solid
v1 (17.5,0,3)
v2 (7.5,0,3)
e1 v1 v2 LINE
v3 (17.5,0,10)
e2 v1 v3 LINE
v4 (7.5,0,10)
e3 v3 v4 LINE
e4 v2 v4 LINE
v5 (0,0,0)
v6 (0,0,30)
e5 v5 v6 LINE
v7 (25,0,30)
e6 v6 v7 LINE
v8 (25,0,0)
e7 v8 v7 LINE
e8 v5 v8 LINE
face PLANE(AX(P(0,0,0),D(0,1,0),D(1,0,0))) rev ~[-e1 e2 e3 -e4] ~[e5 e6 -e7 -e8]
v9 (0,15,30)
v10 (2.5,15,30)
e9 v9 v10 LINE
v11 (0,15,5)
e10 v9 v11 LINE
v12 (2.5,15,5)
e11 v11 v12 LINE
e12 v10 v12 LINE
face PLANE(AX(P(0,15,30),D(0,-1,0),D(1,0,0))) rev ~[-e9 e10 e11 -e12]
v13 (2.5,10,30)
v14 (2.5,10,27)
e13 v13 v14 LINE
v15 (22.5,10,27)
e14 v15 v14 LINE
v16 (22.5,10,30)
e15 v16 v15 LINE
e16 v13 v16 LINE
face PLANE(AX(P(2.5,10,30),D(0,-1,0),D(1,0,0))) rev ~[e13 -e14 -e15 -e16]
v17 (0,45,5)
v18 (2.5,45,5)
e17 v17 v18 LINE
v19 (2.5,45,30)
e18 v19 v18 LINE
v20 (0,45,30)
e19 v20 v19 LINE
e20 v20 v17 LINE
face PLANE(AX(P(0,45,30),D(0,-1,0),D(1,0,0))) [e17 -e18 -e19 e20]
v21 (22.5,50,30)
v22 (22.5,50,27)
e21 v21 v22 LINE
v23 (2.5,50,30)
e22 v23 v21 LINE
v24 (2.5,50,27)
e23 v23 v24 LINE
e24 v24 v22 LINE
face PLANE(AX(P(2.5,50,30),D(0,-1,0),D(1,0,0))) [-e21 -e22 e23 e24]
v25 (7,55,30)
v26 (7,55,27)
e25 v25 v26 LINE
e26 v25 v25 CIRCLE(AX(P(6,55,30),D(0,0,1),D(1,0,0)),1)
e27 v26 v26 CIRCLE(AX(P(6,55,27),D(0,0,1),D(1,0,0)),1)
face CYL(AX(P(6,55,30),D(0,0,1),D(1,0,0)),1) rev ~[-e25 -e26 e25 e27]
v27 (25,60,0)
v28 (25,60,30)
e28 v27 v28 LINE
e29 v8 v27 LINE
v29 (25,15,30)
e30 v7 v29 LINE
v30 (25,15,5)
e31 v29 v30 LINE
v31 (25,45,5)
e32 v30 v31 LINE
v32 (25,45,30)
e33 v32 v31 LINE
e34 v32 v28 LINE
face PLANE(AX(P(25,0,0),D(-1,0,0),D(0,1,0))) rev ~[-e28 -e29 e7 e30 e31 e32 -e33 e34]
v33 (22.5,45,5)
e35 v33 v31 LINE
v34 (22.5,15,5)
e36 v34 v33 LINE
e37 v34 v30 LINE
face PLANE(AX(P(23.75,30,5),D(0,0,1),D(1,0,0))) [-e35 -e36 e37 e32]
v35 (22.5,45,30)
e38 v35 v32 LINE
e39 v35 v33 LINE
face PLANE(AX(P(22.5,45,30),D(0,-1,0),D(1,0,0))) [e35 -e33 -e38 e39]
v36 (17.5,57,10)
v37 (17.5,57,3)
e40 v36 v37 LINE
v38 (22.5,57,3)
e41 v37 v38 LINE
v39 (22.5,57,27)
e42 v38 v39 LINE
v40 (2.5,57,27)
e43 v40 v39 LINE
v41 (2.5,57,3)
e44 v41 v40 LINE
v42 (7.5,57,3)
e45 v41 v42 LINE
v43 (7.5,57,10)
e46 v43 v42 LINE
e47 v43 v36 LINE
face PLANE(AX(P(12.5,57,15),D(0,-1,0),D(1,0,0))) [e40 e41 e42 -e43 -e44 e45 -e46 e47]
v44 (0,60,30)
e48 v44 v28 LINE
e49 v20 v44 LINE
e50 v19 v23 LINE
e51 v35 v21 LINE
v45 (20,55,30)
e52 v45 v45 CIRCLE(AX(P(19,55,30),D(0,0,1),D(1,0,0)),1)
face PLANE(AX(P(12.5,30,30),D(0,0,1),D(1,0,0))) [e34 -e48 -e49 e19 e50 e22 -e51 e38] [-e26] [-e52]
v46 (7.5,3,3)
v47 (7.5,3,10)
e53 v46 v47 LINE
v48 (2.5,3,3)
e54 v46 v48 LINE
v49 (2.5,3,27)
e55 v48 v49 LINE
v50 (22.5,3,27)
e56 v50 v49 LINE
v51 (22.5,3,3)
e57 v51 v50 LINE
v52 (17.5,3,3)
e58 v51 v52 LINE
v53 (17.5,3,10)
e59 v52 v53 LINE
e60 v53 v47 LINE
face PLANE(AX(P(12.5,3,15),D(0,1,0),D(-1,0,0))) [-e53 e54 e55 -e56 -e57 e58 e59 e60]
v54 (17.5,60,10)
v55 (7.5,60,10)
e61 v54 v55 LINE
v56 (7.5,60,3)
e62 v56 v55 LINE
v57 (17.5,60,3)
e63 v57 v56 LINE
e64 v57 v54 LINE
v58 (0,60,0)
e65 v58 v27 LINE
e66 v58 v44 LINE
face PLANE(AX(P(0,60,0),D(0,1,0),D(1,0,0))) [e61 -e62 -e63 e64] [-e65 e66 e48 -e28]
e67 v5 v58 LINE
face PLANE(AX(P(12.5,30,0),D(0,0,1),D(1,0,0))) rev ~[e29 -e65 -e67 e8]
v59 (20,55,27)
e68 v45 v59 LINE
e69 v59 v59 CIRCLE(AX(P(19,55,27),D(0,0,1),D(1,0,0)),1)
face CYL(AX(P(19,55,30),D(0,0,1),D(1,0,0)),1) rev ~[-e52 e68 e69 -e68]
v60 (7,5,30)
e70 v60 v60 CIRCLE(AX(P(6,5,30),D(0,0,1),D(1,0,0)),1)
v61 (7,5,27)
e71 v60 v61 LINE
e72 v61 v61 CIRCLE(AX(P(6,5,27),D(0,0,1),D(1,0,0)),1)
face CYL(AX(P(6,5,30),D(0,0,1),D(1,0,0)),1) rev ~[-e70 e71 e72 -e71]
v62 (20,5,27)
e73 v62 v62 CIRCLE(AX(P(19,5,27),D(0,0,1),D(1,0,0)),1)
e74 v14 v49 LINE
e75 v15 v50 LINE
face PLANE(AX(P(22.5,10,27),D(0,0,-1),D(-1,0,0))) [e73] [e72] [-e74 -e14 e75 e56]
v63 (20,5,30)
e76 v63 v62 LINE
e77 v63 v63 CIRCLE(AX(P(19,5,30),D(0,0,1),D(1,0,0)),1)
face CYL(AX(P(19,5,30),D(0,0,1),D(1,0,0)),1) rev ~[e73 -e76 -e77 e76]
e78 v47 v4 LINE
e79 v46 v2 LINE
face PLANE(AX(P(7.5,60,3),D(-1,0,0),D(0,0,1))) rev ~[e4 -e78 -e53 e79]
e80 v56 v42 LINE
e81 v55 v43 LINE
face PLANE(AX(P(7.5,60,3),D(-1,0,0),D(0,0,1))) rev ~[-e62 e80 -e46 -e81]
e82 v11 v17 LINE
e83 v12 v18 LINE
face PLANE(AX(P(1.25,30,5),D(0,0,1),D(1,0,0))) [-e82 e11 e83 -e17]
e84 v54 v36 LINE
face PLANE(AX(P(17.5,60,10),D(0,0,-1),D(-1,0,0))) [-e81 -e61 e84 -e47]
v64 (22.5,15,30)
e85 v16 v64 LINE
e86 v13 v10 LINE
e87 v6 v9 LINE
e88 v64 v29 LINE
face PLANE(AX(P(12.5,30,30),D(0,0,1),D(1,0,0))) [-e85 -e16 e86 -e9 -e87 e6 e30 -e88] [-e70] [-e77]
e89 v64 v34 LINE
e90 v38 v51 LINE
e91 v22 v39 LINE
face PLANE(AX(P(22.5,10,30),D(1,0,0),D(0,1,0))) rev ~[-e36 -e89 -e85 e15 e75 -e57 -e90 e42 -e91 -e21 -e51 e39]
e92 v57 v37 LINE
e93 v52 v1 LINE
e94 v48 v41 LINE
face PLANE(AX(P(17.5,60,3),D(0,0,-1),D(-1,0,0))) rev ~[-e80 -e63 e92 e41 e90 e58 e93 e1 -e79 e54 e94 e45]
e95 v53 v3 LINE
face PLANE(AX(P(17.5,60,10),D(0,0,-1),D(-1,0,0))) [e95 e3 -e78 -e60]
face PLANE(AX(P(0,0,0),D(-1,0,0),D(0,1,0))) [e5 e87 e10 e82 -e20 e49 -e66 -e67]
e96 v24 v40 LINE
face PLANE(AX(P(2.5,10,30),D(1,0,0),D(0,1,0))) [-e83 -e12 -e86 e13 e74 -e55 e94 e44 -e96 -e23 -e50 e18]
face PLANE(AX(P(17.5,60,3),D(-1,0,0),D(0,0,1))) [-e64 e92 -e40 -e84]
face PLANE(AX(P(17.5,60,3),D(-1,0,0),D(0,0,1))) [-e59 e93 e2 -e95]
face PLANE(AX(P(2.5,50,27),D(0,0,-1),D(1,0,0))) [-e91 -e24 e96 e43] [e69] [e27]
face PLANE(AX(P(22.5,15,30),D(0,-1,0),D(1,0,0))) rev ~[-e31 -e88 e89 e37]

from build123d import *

# Parameters (mm, degrees)
SKETCH_W        = 25
SKETCH_H        = 60
PAD_DEPTH       = 30
SKETCH001_W     = 20
SKETCH001_H     = 40
POCKET_DEPTH    = 27
SKETCH002_W     = 2.5
SKETCH002_H     = 30
POCKET001_DEPTH = 25
SKETCH003_W     = 2.5
SKETCH003_H     = 30
POCKET002_DEPTH = 25
SKETCH004_W     = 20
SKETCH004_H     = 24
POCKET003_DEPTH = 7
SKETCH005_W     = 20
SKETCH005_H     = 24
POCKET004_DEPTH = 7
SKETCH006_W     = 10
SKETCH006_H     = 7
POCKET005_DEPTH = 60.001
SKETCH007_R     = 1
POCKET006_DEPTH = 3
SKETCH008_R     = 1
POCKET007_DEPTH = 3


with BuildPart() as part:
    # Sketch → Pad (new body)
    with BuildSketch(Plane.XY):
        with Locations((12.5, 30)):
            Rectangle(SKETCH_W, SKETCH_H)
    extrude(amount=PAD_DEPTH)

    # Sketch001 (on Face6 of Pad) → Pocket (cut)
    with BuildSketch(Plane.XY.offset(30)):
        with Locations((12.5, 30)):
            Rectangle(SKETCH001_W, SKETCH001_H)
    extrude(amount=-POCKET_DEPTH, mode=Mode.SUBTRACT)

    # Sketch002 (on Face5 of Pocket) → Pocket001 (cut)
    with BuildSketch(Plane.XY.offset(30)):
        with Locations((1.25, 30)):
            Rectangle(SKETCH002_W, SKETCH002_H)
    extrude(amount=-POCKET001_DEPTH, mode=Mode.SUBTRACT)

    # Sketch003 (on Face5 of Pocket) → Pocket002 (cut)
    with BuildSketch(Plane.XY.offset(30)):
        with Locations((23.75, 30)):
            Rectangle(SKETCH003_W, SKETCH003_H)
    extrude(amount=-POCKET002_DEPTH, mode=Mode.SUBTRACT)

    # Sketch004 (on Face17 of Pocket002) → Pocket003 (cut)
    with BuildSketch(Plane.XZ.offset(-50)):
        with Locations((12.5, 15)):
            Rectangle(SKETCH004_W, SKETCH004_H)
    extrude(amount=-POCKET003_DEPTH, mode=Mode.SUBTRACT)

    # Sketch005 (on Face15 of Pocket002) → Pocket004 (cut)
    with BuildSketch(Plane(origin=(0, 10, 0), x_dir=(-1, 0, 0), z_dir=(0, 1, 0))):
        with Locations((-12.5, 15)):
            Rectangle(SKETCH005_W, SKETCH005_H)
    extrude(amount=-POCKET004_DEPTH, mode=Mode.SUBTRACT)

    # Sketch006 (on Face10 of Pocket004) → Pocket005 (cut, through all)
    with BuildSketch(Plane(origin=(0, 60, 0), x_dir=(-1, 0, 0), z_dir=(0, 1, 0))):
        with Locations((-12.5, 6.5)):
            Rectangle(SKETCH006_W, SKETCH006_H)
    extrude(amount=-POCKET005_DEPTH, mode=Mode.SUBTRACT)

    # Sketch007 (on Face4 of Pocket005) → Pocket006 (cut)
    with BuildSketch(Plane.XY.offset(30)):
        with Locations((6, 5)):
            Circle(SKETCH007_R)
        with Locations((19, 5)):
            Circle(SKETCH007_R)
    extrude(amount=-POCKET006_DEPTH, mode=Mode.SUBTRACT)

    # Sketch008 (on Face13 of Pocket005) → Pocket007 (cut)
    with BuildSketch(Plane.XY.offset(30)):
        with Locations((6, 55)):
            Circle(SKETCH008_R)
        with Locations((19, 55)):
            Circle(SKETCH008_R)
    extrude(amount=-POCKET007_DEPTH, mode=Mode.SUBTRACT)


solid = part.part
